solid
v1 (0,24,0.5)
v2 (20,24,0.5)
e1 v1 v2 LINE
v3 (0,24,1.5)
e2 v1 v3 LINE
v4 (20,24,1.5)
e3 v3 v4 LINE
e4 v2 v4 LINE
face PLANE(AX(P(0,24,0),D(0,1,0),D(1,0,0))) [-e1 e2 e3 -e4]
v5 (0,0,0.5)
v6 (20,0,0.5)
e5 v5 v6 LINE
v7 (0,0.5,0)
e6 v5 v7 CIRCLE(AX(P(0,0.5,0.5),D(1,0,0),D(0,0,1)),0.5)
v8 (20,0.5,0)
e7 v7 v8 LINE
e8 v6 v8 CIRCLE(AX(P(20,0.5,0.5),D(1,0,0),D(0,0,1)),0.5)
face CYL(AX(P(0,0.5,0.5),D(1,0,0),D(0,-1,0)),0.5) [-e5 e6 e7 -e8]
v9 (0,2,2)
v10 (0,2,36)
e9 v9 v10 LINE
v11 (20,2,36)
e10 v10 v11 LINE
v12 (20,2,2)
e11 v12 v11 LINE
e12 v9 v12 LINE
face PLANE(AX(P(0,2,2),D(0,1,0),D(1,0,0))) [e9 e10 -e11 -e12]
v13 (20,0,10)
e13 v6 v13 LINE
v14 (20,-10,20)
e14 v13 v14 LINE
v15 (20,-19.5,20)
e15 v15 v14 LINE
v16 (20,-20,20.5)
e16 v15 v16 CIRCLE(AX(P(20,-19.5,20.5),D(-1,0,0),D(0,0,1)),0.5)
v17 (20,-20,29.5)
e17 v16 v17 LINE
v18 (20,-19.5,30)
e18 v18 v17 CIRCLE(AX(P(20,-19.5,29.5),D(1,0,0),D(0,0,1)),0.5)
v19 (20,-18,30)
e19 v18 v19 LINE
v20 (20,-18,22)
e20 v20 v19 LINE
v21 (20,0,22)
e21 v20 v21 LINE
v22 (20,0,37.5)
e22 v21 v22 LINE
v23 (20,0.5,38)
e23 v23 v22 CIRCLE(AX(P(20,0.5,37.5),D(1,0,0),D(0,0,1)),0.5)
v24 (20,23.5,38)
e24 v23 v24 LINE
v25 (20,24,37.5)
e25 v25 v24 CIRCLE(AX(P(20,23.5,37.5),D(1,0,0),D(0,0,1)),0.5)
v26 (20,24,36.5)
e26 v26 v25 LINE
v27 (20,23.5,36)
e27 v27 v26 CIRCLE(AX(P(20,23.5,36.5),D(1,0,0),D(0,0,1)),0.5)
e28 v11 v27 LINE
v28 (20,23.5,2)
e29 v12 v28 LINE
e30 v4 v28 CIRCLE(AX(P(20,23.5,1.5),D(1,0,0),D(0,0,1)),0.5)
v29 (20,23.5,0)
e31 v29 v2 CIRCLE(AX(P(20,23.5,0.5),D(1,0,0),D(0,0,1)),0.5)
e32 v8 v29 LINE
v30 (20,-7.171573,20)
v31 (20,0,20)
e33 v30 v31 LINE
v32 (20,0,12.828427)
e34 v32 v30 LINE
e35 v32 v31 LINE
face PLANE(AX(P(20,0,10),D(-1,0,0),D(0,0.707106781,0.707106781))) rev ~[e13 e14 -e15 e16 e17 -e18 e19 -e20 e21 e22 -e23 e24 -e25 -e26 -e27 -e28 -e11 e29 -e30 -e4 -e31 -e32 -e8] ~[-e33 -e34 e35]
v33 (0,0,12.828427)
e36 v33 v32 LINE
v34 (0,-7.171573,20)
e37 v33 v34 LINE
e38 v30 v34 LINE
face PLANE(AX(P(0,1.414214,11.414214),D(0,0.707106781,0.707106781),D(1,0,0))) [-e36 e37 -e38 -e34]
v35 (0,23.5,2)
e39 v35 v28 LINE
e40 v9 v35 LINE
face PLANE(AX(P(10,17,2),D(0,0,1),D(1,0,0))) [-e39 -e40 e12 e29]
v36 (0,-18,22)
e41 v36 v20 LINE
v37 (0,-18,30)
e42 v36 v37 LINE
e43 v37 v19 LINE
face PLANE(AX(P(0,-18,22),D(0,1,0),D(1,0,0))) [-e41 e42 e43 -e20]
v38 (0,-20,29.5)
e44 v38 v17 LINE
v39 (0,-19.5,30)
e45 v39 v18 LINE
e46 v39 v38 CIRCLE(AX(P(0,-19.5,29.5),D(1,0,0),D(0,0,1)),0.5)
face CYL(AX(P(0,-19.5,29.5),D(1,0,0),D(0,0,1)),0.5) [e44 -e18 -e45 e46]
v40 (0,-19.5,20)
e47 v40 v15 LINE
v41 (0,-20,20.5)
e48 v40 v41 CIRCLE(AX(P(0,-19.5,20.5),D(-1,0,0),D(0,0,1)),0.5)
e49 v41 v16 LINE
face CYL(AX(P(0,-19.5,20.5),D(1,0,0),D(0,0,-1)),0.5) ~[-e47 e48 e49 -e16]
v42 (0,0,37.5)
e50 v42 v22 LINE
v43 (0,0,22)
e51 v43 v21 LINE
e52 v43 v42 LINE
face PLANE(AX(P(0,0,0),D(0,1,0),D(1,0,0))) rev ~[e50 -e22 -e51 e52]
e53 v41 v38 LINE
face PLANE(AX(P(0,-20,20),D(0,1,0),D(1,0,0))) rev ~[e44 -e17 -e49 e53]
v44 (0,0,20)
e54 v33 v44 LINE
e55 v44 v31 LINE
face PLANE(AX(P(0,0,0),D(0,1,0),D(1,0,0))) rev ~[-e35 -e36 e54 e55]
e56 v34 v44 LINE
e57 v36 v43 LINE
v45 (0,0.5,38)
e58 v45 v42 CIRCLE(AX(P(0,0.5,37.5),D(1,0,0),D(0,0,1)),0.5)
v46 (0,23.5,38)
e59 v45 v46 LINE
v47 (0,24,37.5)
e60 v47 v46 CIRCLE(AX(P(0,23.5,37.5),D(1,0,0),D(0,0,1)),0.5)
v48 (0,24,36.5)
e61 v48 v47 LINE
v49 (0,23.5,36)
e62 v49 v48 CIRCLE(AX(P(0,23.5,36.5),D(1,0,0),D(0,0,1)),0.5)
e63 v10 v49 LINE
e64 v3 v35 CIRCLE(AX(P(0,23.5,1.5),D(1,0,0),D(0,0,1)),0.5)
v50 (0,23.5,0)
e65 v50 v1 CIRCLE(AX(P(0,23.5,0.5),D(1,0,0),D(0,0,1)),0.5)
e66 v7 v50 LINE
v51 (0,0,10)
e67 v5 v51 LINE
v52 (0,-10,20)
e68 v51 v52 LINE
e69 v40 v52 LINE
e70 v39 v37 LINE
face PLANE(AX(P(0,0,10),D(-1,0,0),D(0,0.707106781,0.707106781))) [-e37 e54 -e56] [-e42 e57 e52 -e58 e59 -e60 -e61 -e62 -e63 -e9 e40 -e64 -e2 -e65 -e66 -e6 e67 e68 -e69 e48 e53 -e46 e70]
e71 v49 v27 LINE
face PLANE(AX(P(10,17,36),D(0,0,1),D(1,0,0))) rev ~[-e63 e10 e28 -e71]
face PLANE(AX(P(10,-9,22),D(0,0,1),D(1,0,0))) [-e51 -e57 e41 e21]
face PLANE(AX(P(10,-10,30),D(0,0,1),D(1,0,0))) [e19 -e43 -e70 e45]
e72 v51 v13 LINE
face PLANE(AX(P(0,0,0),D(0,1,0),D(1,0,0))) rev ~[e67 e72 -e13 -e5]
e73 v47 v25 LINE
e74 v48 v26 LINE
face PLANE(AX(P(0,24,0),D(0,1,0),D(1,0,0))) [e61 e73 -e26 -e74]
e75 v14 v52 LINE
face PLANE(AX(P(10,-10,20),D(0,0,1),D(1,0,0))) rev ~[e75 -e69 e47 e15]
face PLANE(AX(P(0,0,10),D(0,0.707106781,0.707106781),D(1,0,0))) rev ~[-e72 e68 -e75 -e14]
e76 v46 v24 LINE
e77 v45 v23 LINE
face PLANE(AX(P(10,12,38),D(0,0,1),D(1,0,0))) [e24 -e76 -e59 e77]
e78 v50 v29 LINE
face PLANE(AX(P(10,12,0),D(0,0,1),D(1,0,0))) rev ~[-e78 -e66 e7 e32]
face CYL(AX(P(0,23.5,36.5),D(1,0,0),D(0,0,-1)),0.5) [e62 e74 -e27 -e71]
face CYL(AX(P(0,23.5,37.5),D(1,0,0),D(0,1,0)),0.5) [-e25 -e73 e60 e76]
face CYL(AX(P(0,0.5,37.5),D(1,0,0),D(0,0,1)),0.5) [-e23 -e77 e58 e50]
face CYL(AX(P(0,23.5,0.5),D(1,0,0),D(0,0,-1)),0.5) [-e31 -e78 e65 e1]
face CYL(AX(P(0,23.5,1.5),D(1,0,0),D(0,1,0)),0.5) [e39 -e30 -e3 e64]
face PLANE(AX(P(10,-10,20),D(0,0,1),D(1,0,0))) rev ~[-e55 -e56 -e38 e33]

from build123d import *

# Parameters (mm, degrees)
BOX004_W          = 20
BOX004_H          = 2
BOX004_DEPTH      = 14.5
BOX004_ROLL_ANGLE = 45
BOX001_W          = 20
BOX001_H          = 30
BOX001_DEPTH      = 34
BOX_W             = 20
BOX_H             = 24
BOX_DEPTH         = 38
BOX002_W          = 20
BOX002_H          = 18
BOX002_DEPTH      = 8
BOX003_W          = 20
BOX003_H          = 20
BOX003_DEPTH      = 10
FILLET_R          = 0.5


with BuildPart() as cube004:
    # Box004 → Box004 (new body)
    with BuildSketch(Plane.XY):
        with Locations((10, 1)):
            Rectangle(BOX004_W, BOX004_H)
    extrude(amount=BOX004_DEPTH)


with BuildPart() as cube004_1:
    # Box004 roll: moved
    add(cube004.part.rotate(Axis((0, 0, 0), (1, 0, 0)), BOX004_ROLL_ANGLE))


with BuildPart() as cube004_2:
    # Box004 placement: moved
    add(cube004_1.part.moved(Location((0, 0, 10))))


with BuildPart() as cube001:
    # Box001 → Box001 (new body)
    with BuildSketch(Plane(origin=(0, 2, 2), x_dir=(1, 0, 0), z_dir=(0, 0, 1))):
        with Locations((10, 15)):
            Rectangle(BOX001_W, BOX001_H)
    extrude(amount=BOX001_DEPTH)


with BuildPart() as cut:
    # Box → Box (new body)
    with BuildSketch(Plane.XY):
        with Locations((10, 12)):
            Rectangle(BOX_W, BOX_H)
    extrude(amount=BOX_DEPTH)

    # Cut: cut Cube001
    add(cube001.part, mode=Mode.SUBTRACT)


with BuildPart() as cube002:
    # Box002 → Box002 (new body)
    with BuildSketch(Plane(origin=(0, -18, 22), x_dir=(1, 0, 0), z_dir=(0, 0, 1))):
        with Locations((10, 9)):
            Rectangle(BOX002_W, BOX002_H)
    extrude(amount=BOX002_DEPTH)


with BuildPart() as fillet_body:
    # Box003 → Box003 (new body)
    with BuildSketch(Plane(origin=(0, -20, 20), x_dir=(1, 0, 0), z_dir=(0, 0, 1))):
        with Locations((10, 10)):
            Rectangle(BOX003_W, BOX003_H)
    extrude(amount=BOX003_DEPTH)

    # Cut001: cut Cube002
    add(cube002.part, mode=Mode.SUBTRACT)

    # Fusion: union Cut
    add(cut.part)

    # Fusion001: union Cube004
    add(cube004_2.part)

    # Fillet
    fillet_edges = [fillet_body.edges().sort_by_distance(p)[0] for p in [
        (10, -20, 30),
        (10, -20, 20),
        (10, 0, 38),
        (10, 24, 38),
        (10, 24, 36),
        (10, 24, 2),
        (10, 24, 0),
        (10, 0, 0),
    ]]
    fillet(fillet_edges, radius=FILLET_R)


solid = fillet_body.part
